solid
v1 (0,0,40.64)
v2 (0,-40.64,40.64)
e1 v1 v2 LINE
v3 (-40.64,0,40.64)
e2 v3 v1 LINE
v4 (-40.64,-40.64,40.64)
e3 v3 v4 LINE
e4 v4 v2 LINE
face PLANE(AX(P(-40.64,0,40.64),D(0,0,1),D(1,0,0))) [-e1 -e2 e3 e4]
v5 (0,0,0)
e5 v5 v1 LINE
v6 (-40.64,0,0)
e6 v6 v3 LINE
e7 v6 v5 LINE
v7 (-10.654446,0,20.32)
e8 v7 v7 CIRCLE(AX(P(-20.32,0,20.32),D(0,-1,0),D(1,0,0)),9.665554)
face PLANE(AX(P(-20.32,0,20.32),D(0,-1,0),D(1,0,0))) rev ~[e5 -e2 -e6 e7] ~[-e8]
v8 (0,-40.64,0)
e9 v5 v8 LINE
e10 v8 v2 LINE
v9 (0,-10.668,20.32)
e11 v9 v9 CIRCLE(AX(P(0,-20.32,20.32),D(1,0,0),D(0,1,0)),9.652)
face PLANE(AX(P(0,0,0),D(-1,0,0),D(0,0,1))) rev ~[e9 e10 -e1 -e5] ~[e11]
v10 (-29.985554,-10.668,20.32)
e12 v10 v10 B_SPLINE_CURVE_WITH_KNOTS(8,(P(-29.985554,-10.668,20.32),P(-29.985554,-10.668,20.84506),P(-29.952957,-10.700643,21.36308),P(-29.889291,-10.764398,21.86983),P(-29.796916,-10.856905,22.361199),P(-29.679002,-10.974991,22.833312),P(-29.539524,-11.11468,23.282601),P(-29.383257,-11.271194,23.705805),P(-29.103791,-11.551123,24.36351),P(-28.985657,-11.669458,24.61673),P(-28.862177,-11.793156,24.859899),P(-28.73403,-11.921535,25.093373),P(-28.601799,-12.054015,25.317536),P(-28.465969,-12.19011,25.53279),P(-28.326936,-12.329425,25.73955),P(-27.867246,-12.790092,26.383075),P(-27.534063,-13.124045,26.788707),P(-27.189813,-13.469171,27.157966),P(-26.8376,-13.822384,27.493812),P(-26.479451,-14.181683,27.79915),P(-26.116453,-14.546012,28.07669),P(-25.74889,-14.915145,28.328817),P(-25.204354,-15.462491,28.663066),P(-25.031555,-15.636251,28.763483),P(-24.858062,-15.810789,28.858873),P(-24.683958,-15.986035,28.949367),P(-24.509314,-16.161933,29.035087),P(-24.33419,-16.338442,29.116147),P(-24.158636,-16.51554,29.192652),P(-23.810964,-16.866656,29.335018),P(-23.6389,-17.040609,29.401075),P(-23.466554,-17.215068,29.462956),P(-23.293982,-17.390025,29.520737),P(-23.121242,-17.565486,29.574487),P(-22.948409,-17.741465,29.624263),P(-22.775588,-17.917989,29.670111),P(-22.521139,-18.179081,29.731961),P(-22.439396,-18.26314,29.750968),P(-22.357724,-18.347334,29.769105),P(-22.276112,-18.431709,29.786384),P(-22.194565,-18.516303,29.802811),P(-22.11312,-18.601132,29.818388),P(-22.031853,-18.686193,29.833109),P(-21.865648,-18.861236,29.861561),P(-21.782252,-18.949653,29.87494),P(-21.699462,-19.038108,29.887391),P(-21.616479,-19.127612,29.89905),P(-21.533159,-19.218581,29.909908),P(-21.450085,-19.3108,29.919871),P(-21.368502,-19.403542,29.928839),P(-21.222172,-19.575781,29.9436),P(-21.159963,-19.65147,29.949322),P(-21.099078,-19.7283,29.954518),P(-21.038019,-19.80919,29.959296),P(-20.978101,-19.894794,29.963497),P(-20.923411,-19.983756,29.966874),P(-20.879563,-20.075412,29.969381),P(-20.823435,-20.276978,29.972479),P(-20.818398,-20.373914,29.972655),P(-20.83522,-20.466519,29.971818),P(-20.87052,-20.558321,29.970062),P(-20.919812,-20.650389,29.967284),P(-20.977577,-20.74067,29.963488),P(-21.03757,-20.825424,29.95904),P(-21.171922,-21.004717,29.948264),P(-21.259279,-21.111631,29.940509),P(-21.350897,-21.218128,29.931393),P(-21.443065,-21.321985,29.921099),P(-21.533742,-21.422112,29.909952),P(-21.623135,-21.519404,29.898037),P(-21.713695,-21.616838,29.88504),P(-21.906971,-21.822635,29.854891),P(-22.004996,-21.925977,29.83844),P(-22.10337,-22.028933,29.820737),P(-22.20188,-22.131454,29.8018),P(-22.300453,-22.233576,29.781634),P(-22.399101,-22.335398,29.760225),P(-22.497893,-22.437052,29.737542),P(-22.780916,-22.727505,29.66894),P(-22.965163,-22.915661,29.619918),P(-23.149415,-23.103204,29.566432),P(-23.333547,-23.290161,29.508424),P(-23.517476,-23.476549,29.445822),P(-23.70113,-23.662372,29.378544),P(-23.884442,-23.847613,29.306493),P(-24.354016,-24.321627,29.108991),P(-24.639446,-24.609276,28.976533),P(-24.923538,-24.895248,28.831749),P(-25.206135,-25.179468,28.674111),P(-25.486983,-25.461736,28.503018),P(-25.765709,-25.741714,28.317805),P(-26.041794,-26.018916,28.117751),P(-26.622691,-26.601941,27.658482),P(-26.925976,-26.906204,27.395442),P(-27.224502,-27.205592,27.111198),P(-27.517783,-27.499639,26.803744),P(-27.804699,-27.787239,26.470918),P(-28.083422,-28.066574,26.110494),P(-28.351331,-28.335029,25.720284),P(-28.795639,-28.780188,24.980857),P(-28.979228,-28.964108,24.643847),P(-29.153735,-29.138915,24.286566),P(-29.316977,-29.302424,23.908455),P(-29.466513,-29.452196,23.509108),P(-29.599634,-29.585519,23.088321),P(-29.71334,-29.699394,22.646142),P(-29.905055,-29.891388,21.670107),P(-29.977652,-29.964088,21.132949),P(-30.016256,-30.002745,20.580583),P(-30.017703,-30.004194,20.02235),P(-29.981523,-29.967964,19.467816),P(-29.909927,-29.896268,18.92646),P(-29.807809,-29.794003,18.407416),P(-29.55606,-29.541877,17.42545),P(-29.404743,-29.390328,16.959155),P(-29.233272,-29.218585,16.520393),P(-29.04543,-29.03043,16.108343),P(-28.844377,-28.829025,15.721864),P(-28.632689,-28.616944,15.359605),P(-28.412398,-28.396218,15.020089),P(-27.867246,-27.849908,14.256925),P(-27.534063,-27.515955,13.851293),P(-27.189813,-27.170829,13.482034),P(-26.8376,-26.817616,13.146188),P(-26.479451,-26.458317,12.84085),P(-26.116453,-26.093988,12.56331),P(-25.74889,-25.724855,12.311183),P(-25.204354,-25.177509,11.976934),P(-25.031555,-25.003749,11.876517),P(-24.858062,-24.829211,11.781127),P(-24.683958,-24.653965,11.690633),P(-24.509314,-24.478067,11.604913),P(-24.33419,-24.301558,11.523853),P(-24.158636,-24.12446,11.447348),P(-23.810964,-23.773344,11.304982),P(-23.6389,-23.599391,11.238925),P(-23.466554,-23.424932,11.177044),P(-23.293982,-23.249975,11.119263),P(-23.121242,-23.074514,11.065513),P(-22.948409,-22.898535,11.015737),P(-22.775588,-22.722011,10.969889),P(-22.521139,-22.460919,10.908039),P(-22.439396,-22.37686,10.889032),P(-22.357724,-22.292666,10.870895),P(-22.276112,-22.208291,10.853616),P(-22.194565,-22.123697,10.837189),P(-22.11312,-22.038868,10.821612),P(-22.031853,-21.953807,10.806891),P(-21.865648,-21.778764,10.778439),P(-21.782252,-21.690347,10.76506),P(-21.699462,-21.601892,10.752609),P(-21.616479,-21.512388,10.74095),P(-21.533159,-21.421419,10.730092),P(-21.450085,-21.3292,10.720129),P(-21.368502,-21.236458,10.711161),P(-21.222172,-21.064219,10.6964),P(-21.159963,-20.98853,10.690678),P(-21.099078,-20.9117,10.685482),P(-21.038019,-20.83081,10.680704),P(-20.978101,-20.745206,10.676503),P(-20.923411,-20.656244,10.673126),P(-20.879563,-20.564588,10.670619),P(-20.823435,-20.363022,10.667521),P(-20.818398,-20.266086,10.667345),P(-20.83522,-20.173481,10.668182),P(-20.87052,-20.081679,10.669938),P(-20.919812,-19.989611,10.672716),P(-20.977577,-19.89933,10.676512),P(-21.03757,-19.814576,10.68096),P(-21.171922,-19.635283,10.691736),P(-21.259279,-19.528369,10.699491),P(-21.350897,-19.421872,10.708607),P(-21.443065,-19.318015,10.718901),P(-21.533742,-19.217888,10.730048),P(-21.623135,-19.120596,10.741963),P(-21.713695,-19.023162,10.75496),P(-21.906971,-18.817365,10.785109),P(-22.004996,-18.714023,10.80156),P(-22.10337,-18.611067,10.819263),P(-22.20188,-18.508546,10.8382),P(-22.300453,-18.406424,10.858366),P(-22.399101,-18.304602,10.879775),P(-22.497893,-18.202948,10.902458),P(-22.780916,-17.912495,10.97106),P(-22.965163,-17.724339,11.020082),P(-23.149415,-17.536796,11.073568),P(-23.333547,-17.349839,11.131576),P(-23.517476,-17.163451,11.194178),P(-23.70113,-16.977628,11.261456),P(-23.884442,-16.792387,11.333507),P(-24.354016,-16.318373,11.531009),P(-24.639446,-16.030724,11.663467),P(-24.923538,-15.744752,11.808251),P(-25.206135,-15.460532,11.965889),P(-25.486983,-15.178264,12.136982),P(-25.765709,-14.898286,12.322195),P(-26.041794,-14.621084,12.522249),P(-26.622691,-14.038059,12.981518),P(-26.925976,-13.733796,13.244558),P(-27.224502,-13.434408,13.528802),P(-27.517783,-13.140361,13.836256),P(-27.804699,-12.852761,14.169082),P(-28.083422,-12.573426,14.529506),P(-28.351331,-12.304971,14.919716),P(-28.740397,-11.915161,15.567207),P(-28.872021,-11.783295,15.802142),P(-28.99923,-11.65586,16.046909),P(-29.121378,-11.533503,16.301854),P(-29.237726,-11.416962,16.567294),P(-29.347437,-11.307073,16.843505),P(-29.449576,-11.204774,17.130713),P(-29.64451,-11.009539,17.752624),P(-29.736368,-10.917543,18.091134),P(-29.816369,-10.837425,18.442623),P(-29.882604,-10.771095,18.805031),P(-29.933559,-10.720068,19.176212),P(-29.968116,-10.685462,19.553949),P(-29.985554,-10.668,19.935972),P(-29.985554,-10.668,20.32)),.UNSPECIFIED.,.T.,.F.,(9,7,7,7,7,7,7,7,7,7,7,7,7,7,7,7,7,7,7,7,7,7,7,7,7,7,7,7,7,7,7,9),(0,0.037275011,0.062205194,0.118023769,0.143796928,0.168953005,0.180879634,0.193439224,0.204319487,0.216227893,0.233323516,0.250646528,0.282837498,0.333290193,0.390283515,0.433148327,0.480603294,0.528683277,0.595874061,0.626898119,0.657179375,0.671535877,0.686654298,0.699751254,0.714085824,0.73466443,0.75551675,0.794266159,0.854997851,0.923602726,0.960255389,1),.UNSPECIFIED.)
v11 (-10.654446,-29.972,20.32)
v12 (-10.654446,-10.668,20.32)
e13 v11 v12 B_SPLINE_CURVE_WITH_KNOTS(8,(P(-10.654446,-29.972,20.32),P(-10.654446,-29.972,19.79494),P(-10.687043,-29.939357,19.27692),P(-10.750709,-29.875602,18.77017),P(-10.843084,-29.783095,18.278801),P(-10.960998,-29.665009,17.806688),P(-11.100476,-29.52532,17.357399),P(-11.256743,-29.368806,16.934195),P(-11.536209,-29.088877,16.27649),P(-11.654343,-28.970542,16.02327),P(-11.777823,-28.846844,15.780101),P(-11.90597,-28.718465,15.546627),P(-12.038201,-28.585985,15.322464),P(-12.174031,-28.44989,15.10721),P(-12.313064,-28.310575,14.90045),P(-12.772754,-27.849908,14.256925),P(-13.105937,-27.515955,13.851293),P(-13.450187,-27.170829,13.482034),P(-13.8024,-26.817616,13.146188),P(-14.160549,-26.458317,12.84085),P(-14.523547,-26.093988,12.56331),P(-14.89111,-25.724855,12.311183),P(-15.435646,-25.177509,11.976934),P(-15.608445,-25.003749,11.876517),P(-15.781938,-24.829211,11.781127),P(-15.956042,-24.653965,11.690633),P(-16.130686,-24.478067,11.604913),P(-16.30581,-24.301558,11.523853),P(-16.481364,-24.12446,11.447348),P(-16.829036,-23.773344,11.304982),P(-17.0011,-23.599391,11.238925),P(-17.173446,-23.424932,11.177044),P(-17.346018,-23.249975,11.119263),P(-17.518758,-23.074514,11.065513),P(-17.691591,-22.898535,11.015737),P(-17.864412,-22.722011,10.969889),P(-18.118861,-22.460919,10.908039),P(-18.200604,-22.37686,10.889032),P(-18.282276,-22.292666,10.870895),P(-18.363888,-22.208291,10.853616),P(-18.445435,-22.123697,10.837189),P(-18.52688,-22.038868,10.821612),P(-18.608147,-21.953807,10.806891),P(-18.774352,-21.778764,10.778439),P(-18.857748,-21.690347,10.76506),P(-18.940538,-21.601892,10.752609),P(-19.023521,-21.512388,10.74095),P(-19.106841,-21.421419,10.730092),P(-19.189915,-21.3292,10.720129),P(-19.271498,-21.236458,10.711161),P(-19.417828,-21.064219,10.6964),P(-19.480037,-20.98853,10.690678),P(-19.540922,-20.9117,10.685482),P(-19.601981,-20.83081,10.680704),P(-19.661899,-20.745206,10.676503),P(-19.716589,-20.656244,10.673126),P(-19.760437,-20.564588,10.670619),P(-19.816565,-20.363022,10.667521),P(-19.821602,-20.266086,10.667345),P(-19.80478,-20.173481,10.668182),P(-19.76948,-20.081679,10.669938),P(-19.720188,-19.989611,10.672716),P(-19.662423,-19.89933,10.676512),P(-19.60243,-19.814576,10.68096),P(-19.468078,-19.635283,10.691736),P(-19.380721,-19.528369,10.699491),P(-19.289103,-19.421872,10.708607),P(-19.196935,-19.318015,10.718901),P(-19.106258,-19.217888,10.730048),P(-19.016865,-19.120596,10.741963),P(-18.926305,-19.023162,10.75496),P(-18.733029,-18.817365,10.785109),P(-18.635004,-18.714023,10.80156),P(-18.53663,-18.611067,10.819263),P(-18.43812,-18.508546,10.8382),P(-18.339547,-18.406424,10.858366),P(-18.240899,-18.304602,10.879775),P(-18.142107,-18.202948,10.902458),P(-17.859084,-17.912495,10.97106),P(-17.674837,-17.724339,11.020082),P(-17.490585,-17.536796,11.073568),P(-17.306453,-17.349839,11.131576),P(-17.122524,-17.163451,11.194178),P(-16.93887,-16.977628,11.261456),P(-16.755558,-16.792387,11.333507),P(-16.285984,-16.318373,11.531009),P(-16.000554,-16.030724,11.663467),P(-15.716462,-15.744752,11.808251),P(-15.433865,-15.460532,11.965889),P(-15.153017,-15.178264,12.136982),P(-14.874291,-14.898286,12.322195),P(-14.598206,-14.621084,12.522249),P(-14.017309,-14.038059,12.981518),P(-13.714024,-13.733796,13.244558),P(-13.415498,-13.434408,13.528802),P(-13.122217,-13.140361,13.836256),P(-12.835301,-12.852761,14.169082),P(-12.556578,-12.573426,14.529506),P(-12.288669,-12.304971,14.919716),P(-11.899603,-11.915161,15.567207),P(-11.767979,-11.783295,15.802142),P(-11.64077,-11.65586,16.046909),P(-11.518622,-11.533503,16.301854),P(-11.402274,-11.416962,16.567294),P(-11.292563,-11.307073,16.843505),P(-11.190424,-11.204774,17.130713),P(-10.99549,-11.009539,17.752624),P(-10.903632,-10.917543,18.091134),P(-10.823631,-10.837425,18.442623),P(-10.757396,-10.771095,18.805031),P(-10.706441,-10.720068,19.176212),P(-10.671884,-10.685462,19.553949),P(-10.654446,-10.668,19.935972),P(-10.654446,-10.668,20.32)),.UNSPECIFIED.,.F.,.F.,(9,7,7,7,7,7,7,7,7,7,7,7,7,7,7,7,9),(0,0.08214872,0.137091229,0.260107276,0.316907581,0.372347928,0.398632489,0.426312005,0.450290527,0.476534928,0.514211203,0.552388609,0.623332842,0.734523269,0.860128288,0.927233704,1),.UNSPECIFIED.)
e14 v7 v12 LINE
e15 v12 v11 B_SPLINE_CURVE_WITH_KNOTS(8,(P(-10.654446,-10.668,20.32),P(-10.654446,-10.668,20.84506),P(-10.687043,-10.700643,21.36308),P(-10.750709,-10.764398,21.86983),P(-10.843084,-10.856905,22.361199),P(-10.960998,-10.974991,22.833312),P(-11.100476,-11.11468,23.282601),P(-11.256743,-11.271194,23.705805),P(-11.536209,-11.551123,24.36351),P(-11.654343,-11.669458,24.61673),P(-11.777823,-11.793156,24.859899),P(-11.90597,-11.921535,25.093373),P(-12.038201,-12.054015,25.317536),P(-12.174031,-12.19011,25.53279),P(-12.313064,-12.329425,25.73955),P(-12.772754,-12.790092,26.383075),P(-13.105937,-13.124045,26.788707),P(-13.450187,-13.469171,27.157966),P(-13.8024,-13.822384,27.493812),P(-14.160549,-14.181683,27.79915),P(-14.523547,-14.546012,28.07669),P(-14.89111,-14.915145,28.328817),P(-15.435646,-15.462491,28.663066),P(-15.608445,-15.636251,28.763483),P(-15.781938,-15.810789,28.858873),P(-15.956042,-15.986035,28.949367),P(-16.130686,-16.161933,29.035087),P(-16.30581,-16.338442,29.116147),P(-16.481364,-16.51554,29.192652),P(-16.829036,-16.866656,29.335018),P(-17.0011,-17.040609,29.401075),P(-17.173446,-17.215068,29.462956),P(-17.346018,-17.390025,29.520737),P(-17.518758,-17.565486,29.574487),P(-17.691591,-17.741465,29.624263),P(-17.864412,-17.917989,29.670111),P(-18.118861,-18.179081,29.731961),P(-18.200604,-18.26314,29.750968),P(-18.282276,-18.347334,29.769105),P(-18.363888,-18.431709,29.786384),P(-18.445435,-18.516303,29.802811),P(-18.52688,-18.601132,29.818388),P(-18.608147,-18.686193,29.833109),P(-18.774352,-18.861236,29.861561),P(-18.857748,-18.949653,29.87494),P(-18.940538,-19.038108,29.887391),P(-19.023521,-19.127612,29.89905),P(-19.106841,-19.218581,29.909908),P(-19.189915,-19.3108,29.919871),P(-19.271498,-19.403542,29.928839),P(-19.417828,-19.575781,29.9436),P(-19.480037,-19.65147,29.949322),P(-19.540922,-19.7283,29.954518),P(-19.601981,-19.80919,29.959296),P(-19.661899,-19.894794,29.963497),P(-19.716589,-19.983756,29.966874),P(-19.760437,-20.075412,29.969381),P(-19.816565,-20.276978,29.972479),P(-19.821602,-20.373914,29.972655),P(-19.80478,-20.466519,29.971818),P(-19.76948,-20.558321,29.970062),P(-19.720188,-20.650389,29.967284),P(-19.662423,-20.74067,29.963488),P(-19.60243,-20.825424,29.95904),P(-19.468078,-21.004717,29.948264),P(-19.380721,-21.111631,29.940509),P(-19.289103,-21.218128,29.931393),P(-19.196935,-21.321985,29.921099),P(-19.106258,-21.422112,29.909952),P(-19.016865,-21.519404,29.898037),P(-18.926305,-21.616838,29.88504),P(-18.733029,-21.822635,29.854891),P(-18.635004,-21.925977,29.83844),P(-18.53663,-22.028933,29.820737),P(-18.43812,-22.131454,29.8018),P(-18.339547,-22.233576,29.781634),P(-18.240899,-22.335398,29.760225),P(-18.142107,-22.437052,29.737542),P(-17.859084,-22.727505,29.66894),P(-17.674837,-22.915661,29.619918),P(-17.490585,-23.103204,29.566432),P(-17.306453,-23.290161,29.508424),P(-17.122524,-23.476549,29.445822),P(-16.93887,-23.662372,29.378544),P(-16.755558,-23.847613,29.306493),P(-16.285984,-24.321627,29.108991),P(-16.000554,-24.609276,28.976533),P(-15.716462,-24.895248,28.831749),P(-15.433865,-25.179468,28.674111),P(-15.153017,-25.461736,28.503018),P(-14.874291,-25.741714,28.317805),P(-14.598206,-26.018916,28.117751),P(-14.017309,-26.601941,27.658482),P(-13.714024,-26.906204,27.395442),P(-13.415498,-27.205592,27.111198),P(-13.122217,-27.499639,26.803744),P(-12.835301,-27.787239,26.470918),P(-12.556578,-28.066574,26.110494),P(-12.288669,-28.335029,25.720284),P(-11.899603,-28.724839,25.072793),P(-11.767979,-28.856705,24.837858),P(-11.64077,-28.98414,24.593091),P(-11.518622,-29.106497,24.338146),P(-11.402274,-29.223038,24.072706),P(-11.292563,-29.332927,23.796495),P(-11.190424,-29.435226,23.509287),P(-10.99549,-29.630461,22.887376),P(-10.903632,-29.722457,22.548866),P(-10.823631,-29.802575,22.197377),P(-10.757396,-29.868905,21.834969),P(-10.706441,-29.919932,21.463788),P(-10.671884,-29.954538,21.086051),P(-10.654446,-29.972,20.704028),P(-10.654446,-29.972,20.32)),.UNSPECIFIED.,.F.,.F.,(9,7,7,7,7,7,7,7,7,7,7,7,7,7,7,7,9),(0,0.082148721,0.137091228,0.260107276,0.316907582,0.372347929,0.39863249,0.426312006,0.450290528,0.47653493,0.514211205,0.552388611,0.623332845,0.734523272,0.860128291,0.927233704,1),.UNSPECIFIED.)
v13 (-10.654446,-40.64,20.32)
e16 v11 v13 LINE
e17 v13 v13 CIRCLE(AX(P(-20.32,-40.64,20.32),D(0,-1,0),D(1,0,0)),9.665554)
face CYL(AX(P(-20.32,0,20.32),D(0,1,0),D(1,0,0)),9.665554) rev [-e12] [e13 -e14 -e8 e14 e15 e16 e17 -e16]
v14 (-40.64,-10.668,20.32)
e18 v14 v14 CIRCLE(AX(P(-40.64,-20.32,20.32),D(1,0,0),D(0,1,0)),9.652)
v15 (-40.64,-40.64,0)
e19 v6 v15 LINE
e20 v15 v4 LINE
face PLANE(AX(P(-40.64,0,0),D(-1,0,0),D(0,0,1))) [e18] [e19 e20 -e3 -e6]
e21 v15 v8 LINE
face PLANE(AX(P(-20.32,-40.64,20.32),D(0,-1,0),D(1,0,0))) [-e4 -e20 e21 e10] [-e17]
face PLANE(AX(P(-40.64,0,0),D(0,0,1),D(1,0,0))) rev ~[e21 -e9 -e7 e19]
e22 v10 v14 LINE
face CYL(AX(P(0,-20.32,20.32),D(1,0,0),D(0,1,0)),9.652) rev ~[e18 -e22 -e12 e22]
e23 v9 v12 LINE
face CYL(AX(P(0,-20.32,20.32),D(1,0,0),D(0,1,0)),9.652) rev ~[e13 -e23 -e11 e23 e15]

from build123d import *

# Parameters (mm, degrees)
F0_W     = 40.64
F0_H     = 40.64
F0_R     = 9.665554
F1_DEPTH = 40.64
F2_R     = 9.652
F3_DEPTH = 40.641


with BuildPart() as f1:
    # F0 (on Front) → F1 (new body)
    with BuildSketch(Plane.XZ):
        with Locations((-20.32, 20.32)):
            Rectangle(F0_W, F0_H)
        with Locations((-20.32, 20.32)):
            Circle(F0_R, mode=Mode.SUBTRACT)
    extrude(amount=F1_DEPTH)

    # F2 (on face) → F3 (cut, through all)
    with BuildSketch(Plane.YZ):
        with Locations((-20.32, 20.32)):
            Circle(F2_R)
    extrude(amount=-F3_DEPTH, mode=Mode.SUBTRACT)


solid = f1.part
